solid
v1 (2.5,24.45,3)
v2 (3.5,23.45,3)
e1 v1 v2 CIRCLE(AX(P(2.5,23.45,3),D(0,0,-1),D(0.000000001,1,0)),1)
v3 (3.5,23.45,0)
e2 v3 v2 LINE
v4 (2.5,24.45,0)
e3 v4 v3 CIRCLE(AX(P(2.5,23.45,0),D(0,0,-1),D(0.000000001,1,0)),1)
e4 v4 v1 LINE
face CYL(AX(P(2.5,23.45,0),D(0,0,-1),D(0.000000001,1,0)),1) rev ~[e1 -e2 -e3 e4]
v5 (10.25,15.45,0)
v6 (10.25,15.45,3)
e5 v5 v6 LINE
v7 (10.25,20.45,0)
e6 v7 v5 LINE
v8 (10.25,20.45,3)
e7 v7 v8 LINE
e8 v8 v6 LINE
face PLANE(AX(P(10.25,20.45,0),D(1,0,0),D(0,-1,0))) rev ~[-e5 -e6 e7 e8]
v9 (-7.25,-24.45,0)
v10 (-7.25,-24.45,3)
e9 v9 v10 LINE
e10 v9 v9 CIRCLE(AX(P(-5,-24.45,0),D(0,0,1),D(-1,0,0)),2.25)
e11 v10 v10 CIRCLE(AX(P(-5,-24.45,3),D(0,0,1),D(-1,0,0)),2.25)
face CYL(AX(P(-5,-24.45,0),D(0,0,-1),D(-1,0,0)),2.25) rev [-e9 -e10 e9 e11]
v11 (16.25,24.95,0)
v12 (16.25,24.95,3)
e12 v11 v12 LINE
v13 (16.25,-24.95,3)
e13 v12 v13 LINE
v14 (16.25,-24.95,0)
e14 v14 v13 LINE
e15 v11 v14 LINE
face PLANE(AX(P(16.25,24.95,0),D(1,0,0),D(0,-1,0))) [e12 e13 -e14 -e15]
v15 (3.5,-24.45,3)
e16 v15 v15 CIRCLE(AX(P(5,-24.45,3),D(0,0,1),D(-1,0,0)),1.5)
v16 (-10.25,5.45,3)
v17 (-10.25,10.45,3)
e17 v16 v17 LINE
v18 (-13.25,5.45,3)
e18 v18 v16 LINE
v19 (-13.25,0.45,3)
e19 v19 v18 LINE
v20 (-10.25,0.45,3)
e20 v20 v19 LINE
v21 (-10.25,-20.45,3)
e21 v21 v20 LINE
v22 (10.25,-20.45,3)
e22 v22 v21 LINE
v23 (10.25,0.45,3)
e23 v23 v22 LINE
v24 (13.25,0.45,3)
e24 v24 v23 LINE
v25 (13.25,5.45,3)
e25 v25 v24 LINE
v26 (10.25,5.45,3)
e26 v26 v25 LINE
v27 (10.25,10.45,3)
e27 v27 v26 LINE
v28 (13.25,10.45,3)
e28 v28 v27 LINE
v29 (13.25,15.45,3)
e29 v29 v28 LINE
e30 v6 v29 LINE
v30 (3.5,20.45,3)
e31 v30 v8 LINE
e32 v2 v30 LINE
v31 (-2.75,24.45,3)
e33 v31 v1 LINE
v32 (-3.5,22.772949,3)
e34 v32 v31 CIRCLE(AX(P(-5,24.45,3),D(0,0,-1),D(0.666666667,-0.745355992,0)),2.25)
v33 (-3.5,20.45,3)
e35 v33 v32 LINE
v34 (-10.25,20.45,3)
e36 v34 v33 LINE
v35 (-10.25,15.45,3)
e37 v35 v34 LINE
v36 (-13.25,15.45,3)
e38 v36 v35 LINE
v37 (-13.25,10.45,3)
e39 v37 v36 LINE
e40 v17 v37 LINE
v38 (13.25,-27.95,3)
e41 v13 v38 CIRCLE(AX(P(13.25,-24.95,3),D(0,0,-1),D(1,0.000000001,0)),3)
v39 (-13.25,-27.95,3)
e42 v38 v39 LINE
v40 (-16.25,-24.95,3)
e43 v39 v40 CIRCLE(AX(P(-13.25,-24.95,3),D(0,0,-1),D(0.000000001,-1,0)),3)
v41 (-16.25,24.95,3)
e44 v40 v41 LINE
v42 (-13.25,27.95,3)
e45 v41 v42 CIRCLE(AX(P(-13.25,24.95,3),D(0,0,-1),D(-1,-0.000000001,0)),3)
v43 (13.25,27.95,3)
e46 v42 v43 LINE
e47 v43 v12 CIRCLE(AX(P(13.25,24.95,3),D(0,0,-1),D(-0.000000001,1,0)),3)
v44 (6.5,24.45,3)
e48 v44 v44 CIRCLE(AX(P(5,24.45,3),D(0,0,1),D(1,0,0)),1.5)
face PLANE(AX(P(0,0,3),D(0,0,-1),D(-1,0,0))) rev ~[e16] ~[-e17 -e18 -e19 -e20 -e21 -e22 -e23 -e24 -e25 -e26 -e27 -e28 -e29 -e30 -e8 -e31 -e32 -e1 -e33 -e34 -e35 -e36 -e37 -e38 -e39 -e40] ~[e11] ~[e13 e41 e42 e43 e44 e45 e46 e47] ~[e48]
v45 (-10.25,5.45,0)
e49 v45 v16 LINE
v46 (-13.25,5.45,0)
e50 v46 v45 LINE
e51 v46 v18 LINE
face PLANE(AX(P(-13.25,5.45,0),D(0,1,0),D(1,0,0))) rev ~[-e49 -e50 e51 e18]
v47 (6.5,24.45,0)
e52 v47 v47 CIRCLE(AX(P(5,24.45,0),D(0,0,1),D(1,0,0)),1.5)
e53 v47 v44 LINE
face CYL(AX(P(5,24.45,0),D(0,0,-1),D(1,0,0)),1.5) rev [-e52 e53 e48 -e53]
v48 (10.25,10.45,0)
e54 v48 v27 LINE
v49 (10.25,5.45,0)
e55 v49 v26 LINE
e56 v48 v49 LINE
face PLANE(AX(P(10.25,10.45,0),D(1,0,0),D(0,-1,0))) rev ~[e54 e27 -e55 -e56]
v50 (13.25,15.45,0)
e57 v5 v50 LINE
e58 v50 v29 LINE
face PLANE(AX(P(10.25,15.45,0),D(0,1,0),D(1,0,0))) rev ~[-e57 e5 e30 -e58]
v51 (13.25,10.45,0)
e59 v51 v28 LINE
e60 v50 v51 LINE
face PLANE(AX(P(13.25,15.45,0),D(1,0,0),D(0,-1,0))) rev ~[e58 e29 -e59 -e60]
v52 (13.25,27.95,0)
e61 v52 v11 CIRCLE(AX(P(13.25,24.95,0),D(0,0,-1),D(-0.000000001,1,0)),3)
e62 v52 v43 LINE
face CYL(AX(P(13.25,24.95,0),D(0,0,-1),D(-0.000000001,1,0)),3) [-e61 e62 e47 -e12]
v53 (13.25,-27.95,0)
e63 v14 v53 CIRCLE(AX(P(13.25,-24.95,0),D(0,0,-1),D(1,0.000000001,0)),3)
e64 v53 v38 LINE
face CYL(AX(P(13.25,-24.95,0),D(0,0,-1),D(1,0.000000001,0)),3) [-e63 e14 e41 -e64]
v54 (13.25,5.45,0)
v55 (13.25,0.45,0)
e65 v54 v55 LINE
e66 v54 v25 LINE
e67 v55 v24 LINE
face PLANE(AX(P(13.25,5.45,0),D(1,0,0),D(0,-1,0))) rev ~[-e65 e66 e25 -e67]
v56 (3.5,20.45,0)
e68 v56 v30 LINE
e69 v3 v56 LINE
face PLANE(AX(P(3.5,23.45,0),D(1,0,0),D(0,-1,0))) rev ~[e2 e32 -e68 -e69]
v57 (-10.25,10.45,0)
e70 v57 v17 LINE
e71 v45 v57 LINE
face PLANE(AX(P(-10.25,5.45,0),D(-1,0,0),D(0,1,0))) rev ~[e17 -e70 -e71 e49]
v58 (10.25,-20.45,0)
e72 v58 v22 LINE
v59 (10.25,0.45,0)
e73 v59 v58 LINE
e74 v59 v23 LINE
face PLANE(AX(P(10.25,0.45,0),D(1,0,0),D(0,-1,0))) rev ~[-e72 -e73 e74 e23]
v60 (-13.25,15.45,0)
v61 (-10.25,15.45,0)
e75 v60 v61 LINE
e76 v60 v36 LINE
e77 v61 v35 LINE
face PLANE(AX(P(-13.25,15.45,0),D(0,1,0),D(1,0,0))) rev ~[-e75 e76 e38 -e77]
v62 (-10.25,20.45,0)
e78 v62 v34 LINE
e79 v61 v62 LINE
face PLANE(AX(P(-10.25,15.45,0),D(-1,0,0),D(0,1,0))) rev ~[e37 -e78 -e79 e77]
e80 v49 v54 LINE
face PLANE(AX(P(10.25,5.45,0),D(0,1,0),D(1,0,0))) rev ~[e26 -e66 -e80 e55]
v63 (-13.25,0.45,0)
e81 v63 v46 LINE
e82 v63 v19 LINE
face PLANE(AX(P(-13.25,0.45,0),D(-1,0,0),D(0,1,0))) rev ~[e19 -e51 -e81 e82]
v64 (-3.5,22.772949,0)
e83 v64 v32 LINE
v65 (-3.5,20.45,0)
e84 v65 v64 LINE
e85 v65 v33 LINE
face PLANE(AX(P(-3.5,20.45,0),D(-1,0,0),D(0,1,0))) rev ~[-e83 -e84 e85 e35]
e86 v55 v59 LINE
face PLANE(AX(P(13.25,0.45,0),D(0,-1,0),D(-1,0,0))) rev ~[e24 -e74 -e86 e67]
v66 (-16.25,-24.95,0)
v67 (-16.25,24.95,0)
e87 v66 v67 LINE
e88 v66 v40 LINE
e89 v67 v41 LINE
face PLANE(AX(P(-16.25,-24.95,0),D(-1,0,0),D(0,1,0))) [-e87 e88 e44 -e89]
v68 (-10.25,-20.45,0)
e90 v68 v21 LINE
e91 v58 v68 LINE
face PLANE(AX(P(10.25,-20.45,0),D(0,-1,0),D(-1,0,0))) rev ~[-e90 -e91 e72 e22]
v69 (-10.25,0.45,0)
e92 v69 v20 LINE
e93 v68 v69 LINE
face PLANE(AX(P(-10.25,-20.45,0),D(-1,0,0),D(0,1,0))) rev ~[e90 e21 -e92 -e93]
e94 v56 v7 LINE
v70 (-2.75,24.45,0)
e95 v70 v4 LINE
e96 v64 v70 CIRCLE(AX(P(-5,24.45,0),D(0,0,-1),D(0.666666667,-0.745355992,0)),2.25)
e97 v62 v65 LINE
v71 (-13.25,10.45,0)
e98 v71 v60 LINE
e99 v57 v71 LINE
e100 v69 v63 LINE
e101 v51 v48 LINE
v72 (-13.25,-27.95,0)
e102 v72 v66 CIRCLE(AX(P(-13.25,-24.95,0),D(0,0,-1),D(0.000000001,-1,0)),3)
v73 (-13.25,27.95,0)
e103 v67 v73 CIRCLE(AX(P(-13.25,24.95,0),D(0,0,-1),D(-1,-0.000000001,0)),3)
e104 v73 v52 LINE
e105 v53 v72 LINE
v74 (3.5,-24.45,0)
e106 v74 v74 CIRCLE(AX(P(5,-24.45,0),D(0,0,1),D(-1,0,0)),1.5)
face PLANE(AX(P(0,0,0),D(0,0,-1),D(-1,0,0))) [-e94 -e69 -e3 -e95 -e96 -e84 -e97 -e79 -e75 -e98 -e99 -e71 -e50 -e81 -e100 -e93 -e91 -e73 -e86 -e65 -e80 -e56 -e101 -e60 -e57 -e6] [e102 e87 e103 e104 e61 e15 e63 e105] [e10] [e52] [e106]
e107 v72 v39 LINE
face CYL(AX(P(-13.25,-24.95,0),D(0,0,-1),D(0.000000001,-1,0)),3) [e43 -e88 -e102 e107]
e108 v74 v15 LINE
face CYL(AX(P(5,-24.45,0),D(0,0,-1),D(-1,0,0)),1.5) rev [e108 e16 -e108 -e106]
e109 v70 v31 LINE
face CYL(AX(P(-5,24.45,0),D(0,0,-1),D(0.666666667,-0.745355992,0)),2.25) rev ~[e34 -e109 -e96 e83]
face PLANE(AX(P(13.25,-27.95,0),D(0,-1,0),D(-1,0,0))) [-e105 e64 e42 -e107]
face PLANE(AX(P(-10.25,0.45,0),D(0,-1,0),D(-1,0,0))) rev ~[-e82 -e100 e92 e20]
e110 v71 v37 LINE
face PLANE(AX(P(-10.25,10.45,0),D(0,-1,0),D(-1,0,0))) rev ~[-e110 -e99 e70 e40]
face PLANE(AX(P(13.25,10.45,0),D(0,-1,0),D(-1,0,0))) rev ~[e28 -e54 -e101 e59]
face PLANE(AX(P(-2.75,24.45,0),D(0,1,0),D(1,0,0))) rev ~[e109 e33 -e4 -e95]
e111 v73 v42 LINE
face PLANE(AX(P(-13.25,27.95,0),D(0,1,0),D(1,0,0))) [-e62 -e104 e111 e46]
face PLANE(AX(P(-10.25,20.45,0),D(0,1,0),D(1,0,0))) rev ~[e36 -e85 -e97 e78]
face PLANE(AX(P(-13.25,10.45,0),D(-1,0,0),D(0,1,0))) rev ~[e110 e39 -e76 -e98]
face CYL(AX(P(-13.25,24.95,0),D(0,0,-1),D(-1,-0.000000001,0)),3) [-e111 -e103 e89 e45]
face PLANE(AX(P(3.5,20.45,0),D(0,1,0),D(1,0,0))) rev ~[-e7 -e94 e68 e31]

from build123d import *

# Parameters (mm, degrees)
SKETCH1_R           = 1.5
SKETCH1_R_2         = 2.25
BOSS_EXTRUDE1_DEPTH = 3


with BuildPart() as part:
    # Sketch1 → Boss-Extrude1 (new body)
    with BuildSketch(Plane.XY):
        with BuildLine():
            Line((-13.25, 27.95), (13.25, 27.95))
            ThreePointArc((13.25, 27.95), (15.371320344, 27.071320344), (16.25, 24.95))
            Line((16.25, 24.95), (16.25, -24.95))
            ThreePointArc((16.25, -24.95), (15.371320344, -27.071320344), (13.25, -27.95))
            Line((13.25, -27.95), (-13.25, -27.95))
            ThreePointArc((-13.25, -27.95), (-15.371320344, -27.071320344), (-16.25, -24.95))
            Line((-16.25, -24.95), (-16.25, 24.95))
            ThreePointArc((-16.25, 24.95), (-15.371320344, 27.071320344), (-13.25, 27.95))
        make_face()
        with Locations((5, 24.45)):
            Circle(SKETCH1_R, mode=Mode.SUBTRACT)
        with Locations(Location((5, -24.45, 0), (0, 0, 180))):
            Circle(SKETCH1_R, mode=Mode.SUBTRACT)
        with Locations(Location((-5, -24.45, 0), (0, 0, 180))):
            Circle(SKETCH1_R_2, mode=Mode.SUBTRACT)
        with BuildLine():
            Line((-10.25, 20.45), (-3.5, 20.45))
            Line((-3.5, 20.45), (-3.5, 22.772949017))
            ThreePointArc((-3.5, 22.772949017), (-7.053959591, 25.368558654), (-2.75, 24.45))
            Line((-2.75, 24.45), (2.5, 24.45))
            ThreePointArc((2.5, 24.45), (3.207106781, 24.157106781), (3.5, 23.45))
            Line((3.5, 23.45), (3.5, 20.45))
            Line((3.5, 20.45), (10.25, 20.45))
            Line((10.25, 20.45), (10.25, 15.45))
            Line((10.25, 15.45), (13.25, 15.45))
            Line((13.25, 15.45), (13.25, 10.45))
            Line((13.25, 10.45), (10.25, 10.45))
            Line((10.25, 10.45), (10.25, 5.45))
            Line((10.25, 5.45), (13.25, 5.45))
            Line((13.25, 5.45), (13.25, 0.45))
            Line((13.25, 0.45), (10.25, 0.45))
            Line((10.25, 0.45), (10.25, -20.45))
            Line((10.25, -20.45), (-10.25, -20.45))
            Line((-10.25, -20.45), (-10.25, 0.45))
            Line((-10.25, 0.45), (-13.25, 0.45))
            Line((-13.25, 0.45), (-13.25, 5.45))
            Line((-13.25, 5.45), (-10.25, 5.45))
            Line((-10.25, 5.45), (-10.25, 10.45))
            Line((-10.25, 10.45), (-13.25, 10.45))
            Line((-13.25, 10.45), (-13.25, 15.45))
            Line((-13.25, 15.45), (-10.25, 15.45))
            Line((-10.25, 15.45), (-10.25, 20.45))
        make_face(mode=Mode.SUBTRACT)
    extrude(amount=BOSS_EXTRUDE1_DEPTH)


solid = part.part
